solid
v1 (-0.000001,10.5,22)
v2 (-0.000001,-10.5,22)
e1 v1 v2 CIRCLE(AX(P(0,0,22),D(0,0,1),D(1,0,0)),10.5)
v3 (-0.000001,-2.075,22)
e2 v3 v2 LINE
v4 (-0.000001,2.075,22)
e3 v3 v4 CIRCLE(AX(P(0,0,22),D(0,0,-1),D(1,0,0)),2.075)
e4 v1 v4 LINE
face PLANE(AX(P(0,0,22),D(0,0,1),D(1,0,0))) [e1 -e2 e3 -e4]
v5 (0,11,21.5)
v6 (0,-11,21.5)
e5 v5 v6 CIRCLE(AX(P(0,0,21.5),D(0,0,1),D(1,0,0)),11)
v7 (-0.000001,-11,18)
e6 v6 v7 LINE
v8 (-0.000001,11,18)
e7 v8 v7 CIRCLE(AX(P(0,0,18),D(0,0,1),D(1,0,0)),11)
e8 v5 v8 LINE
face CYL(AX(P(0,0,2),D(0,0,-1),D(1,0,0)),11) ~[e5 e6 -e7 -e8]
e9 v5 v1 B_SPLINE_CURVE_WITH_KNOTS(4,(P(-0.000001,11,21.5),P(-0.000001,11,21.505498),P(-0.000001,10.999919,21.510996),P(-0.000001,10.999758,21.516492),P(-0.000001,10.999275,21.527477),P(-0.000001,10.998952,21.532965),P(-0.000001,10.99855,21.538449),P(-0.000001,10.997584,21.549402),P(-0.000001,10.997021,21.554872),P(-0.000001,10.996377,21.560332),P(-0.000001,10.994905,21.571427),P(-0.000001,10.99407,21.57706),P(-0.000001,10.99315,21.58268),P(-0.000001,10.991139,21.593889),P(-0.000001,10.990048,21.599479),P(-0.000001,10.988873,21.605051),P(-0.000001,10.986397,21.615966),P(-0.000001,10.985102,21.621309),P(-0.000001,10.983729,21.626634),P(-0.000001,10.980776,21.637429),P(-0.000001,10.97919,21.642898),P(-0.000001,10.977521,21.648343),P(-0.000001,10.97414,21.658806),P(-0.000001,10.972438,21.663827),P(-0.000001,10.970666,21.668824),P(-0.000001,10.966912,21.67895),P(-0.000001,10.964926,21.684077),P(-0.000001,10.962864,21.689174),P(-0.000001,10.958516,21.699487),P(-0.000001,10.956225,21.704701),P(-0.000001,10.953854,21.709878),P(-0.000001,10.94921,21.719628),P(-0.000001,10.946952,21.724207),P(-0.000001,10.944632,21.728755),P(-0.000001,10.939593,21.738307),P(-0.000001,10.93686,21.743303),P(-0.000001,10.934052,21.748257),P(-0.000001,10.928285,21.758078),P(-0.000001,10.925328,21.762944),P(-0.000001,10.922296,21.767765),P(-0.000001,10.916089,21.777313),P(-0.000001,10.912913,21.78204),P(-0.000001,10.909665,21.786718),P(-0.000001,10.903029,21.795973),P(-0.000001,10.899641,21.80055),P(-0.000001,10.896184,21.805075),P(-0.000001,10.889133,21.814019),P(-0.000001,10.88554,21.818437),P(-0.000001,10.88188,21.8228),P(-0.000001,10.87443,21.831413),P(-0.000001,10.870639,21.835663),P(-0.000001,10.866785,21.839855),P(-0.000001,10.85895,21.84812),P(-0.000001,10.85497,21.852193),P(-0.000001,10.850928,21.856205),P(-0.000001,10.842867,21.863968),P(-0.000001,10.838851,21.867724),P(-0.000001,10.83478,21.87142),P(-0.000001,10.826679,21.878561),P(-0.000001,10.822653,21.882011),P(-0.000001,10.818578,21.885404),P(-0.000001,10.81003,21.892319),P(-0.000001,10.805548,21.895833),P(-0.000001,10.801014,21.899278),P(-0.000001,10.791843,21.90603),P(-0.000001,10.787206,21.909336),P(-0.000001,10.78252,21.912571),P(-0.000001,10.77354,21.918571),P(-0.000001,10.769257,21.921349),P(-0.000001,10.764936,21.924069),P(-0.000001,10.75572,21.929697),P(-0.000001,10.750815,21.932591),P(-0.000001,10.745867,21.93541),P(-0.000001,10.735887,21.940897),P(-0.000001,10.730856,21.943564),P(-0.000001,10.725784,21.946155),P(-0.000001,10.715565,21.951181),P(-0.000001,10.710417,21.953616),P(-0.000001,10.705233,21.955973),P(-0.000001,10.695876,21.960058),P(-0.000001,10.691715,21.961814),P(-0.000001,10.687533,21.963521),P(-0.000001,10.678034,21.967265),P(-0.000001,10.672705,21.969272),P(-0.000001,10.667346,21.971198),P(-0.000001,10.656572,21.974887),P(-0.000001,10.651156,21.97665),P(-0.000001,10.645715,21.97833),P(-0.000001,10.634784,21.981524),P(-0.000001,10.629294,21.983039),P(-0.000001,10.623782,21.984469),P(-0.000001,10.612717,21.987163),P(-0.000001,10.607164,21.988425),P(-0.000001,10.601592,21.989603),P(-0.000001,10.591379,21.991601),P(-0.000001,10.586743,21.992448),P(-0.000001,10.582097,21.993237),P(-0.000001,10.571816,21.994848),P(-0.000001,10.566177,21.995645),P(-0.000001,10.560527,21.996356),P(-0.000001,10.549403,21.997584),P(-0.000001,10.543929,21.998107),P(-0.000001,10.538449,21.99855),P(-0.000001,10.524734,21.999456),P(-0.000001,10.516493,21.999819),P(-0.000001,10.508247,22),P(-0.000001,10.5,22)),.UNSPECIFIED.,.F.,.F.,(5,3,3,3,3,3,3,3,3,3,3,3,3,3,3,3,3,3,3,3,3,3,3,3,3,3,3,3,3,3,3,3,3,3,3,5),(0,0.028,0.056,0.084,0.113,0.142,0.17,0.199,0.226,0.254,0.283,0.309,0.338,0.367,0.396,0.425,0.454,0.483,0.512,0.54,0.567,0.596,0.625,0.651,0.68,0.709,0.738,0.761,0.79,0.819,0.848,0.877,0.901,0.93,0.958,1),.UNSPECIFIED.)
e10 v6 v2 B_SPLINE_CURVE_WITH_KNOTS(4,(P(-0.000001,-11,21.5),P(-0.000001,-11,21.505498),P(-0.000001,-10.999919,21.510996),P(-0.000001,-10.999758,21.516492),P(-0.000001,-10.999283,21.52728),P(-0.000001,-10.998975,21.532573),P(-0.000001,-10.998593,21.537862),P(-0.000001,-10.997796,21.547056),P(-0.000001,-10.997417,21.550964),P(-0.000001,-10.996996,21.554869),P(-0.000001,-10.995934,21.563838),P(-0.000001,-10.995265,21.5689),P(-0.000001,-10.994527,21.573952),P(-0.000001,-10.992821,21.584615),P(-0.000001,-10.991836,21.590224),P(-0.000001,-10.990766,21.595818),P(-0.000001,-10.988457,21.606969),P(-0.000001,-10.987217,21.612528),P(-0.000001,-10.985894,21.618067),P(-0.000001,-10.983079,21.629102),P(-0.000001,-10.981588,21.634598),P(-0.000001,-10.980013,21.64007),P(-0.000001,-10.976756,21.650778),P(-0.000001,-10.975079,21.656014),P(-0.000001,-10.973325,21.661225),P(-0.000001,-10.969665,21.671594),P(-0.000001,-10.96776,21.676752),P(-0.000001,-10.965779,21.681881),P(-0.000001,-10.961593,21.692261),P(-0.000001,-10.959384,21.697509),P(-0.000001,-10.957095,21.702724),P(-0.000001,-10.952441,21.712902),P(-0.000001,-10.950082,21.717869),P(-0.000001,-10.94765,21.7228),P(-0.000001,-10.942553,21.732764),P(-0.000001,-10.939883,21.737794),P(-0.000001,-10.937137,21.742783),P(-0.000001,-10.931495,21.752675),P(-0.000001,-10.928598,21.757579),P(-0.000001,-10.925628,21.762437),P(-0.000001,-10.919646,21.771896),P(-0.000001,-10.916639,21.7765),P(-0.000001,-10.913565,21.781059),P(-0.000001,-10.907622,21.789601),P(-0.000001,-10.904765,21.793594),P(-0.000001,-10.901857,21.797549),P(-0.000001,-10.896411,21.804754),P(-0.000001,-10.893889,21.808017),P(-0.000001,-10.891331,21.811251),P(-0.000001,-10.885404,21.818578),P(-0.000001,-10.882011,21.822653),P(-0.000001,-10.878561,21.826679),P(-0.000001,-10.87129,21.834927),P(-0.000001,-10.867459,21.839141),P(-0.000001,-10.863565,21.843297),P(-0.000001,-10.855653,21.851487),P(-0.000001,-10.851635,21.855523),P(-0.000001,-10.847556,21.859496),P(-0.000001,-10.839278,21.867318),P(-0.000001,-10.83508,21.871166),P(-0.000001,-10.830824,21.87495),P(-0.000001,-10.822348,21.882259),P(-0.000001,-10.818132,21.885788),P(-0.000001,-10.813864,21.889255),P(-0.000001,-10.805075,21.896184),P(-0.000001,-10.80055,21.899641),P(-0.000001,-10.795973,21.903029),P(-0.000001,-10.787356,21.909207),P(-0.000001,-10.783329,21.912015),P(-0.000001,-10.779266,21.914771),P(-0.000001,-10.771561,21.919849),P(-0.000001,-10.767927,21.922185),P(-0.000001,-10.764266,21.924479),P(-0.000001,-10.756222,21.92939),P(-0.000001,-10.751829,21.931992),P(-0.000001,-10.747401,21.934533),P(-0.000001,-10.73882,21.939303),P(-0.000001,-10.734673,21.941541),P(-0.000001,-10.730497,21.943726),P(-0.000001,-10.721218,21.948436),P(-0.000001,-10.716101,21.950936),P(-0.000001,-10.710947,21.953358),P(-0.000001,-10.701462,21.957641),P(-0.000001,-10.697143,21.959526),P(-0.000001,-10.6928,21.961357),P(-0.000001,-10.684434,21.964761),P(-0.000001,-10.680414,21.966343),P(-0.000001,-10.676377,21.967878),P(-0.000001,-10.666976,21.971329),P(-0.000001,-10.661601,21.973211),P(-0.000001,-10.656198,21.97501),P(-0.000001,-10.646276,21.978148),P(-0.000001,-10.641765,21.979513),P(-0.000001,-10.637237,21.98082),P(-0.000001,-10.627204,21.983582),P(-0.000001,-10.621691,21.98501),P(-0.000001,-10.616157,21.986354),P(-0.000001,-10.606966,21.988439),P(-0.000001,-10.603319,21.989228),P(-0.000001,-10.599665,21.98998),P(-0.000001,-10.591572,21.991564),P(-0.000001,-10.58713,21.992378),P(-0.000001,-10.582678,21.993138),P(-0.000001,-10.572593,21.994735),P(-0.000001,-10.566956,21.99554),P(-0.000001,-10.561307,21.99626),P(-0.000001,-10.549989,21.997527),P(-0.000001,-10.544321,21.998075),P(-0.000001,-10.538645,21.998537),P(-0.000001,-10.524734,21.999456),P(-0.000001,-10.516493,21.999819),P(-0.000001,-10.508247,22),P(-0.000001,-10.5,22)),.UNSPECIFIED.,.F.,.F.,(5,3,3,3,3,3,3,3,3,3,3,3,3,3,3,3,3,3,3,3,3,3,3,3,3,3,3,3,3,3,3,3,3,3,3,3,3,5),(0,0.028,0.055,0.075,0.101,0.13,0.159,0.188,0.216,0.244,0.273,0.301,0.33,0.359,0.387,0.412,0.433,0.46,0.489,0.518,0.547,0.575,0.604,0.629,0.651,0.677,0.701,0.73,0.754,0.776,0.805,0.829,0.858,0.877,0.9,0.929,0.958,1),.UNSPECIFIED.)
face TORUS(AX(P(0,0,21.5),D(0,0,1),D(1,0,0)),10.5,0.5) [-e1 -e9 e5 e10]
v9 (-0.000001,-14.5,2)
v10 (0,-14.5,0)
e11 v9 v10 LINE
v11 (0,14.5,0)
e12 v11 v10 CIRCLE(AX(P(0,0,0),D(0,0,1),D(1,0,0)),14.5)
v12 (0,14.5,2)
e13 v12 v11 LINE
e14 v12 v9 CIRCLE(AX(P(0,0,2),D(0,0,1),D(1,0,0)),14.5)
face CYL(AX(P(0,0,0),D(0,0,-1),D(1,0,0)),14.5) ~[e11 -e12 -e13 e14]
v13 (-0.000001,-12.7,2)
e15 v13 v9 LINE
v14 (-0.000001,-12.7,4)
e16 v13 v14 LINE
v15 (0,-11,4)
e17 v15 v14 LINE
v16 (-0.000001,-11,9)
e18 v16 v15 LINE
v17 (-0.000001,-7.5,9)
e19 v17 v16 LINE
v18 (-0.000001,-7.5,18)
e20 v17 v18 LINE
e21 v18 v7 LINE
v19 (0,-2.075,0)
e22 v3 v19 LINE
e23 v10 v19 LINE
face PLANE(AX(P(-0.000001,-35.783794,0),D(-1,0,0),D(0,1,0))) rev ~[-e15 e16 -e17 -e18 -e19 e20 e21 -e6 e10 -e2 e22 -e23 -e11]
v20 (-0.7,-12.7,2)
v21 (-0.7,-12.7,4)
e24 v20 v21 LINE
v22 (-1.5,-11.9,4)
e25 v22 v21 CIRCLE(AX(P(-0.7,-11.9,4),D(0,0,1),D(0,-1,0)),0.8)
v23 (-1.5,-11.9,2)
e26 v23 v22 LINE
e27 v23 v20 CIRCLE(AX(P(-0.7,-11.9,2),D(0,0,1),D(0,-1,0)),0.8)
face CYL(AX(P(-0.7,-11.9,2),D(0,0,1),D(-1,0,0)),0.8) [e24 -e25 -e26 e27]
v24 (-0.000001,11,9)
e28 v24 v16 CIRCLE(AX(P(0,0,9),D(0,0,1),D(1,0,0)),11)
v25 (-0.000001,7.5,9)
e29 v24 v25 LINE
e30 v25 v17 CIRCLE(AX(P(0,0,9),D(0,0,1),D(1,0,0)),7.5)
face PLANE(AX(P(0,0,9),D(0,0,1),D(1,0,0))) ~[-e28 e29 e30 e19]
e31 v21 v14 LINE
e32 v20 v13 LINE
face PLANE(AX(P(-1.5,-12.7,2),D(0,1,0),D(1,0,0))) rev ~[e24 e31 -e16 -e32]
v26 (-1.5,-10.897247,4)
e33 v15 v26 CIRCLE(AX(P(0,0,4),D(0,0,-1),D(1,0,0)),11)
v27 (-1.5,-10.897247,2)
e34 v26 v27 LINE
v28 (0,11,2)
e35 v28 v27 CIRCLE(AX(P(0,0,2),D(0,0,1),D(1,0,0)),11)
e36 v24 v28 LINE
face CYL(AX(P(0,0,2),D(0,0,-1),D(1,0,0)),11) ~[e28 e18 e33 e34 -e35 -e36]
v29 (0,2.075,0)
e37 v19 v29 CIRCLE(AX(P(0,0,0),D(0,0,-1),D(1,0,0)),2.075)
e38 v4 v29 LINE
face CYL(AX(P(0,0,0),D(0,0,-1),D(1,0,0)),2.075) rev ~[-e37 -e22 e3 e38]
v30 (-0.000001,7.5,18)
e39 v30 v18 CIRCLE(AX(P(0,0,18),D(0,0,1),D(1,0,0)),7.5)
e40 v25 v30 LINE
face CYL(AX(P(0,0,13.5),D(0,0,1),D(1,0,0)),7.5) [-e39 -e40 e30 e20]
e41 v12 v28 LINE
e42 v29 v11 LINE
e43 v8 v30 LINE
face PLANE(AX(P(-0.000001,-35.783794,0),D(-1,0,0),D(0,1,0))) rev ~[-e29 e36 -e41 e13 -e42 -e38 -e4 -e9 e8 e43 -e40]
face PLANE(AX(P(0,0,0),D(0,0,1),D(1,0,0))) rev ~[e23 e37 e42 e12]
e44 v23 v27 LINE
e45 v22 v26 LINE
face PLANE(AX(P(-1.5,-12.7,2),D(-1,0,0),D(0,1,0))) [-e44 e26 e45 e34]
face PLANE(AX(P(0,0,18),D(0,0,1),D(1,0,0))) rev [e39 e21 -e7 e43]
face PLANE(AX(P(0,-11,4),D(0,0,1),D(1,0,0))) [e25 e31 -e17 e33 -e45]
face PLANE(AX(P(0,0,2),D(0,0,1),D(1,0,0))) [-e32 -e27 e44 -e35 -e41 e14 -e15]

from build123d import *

# Parameters (mm, degrees)
F0_R      = 14.5
F1_DEPTH  = 2
F2_R      = 11
F3_DEPTH  = 20
F4_R      = 2.075
F5_DEPTH  = 22.001
F6_W      = 3
F6_H      = 3.4
F7_DEPTH  = 2
F8_R      = 0.8
F9_R      = 0.5
F10_W     = 27.062299
F10_H     = 70.926305
F11_DEPTH = 22.001
F13_W     = 3.5
F13_H     = 9


with BuildPart() as f1:
    # F0 (on Top) → F1 (new body)
    with BuildSketch(Plane.XY):
        Circle(F0_R)
    extrude(amount=F1_DEPTH)

    # F2 (on face) → F3 (join)
    with BuildSketch(Plane.XY.offset(2)):
        Circle(F2_R)
    extrude(amount=F3_DEPTH)

    # F4 (on face) → F5 (cut, through all)
    with BuildSketch(Plane(origin=(0, 0, 0), x_dir=(1, 0, 0), z_dir=(0, 0, -1))):
        Circle(F4_R)
    extrude(amount=-F5_DEPTH, mode=Mode.SUBTRACT)

    # F6 (on face) → F7 (join)
    with BuildSketch(Plane.XY.offset(2)):
        with Locations((0, -11)):
            Rectangle(F6_W, F6_H)
    extrude(amount=F7_DEPTH)

    # F8
    f8_edges = [f1.edges().sort_by_distance(p)[0] for p in [
        (-1.5, -12.7, 3),
        (1.5, -12.7, 3),
    ]]
    fillet(f8_edges, radius=F8_R)

    # F9
    f9_edges = [f1.edges().sort_by_distance(p)[0] for p in [
        (-11, 0, 22),
    ]]
    fillet(f9_edges, radius=F9_R)

    # F10 (on Top) → F11 (cut, through all)
    with BuildSketch(Plane.XY):
        with Locations((13.531149, -0.320642)):
            Rectangle(F10_W, F10_H)
    extrude(amount=F11_DEPTH, mode=Mode.SUBTRACT)

    # F13 (on Front) → F14 (revolve, cut)
    with BuildSketch(Plane.XZ):
        with Locations((9.25, 13.5)):
            Rectangle(F13_W, F13_H)
    revolve(axis=Axis((0, 0, 13.307823), (0, 0, 1)), mode=Mode.SUBTRACT)


solid = f1.part
